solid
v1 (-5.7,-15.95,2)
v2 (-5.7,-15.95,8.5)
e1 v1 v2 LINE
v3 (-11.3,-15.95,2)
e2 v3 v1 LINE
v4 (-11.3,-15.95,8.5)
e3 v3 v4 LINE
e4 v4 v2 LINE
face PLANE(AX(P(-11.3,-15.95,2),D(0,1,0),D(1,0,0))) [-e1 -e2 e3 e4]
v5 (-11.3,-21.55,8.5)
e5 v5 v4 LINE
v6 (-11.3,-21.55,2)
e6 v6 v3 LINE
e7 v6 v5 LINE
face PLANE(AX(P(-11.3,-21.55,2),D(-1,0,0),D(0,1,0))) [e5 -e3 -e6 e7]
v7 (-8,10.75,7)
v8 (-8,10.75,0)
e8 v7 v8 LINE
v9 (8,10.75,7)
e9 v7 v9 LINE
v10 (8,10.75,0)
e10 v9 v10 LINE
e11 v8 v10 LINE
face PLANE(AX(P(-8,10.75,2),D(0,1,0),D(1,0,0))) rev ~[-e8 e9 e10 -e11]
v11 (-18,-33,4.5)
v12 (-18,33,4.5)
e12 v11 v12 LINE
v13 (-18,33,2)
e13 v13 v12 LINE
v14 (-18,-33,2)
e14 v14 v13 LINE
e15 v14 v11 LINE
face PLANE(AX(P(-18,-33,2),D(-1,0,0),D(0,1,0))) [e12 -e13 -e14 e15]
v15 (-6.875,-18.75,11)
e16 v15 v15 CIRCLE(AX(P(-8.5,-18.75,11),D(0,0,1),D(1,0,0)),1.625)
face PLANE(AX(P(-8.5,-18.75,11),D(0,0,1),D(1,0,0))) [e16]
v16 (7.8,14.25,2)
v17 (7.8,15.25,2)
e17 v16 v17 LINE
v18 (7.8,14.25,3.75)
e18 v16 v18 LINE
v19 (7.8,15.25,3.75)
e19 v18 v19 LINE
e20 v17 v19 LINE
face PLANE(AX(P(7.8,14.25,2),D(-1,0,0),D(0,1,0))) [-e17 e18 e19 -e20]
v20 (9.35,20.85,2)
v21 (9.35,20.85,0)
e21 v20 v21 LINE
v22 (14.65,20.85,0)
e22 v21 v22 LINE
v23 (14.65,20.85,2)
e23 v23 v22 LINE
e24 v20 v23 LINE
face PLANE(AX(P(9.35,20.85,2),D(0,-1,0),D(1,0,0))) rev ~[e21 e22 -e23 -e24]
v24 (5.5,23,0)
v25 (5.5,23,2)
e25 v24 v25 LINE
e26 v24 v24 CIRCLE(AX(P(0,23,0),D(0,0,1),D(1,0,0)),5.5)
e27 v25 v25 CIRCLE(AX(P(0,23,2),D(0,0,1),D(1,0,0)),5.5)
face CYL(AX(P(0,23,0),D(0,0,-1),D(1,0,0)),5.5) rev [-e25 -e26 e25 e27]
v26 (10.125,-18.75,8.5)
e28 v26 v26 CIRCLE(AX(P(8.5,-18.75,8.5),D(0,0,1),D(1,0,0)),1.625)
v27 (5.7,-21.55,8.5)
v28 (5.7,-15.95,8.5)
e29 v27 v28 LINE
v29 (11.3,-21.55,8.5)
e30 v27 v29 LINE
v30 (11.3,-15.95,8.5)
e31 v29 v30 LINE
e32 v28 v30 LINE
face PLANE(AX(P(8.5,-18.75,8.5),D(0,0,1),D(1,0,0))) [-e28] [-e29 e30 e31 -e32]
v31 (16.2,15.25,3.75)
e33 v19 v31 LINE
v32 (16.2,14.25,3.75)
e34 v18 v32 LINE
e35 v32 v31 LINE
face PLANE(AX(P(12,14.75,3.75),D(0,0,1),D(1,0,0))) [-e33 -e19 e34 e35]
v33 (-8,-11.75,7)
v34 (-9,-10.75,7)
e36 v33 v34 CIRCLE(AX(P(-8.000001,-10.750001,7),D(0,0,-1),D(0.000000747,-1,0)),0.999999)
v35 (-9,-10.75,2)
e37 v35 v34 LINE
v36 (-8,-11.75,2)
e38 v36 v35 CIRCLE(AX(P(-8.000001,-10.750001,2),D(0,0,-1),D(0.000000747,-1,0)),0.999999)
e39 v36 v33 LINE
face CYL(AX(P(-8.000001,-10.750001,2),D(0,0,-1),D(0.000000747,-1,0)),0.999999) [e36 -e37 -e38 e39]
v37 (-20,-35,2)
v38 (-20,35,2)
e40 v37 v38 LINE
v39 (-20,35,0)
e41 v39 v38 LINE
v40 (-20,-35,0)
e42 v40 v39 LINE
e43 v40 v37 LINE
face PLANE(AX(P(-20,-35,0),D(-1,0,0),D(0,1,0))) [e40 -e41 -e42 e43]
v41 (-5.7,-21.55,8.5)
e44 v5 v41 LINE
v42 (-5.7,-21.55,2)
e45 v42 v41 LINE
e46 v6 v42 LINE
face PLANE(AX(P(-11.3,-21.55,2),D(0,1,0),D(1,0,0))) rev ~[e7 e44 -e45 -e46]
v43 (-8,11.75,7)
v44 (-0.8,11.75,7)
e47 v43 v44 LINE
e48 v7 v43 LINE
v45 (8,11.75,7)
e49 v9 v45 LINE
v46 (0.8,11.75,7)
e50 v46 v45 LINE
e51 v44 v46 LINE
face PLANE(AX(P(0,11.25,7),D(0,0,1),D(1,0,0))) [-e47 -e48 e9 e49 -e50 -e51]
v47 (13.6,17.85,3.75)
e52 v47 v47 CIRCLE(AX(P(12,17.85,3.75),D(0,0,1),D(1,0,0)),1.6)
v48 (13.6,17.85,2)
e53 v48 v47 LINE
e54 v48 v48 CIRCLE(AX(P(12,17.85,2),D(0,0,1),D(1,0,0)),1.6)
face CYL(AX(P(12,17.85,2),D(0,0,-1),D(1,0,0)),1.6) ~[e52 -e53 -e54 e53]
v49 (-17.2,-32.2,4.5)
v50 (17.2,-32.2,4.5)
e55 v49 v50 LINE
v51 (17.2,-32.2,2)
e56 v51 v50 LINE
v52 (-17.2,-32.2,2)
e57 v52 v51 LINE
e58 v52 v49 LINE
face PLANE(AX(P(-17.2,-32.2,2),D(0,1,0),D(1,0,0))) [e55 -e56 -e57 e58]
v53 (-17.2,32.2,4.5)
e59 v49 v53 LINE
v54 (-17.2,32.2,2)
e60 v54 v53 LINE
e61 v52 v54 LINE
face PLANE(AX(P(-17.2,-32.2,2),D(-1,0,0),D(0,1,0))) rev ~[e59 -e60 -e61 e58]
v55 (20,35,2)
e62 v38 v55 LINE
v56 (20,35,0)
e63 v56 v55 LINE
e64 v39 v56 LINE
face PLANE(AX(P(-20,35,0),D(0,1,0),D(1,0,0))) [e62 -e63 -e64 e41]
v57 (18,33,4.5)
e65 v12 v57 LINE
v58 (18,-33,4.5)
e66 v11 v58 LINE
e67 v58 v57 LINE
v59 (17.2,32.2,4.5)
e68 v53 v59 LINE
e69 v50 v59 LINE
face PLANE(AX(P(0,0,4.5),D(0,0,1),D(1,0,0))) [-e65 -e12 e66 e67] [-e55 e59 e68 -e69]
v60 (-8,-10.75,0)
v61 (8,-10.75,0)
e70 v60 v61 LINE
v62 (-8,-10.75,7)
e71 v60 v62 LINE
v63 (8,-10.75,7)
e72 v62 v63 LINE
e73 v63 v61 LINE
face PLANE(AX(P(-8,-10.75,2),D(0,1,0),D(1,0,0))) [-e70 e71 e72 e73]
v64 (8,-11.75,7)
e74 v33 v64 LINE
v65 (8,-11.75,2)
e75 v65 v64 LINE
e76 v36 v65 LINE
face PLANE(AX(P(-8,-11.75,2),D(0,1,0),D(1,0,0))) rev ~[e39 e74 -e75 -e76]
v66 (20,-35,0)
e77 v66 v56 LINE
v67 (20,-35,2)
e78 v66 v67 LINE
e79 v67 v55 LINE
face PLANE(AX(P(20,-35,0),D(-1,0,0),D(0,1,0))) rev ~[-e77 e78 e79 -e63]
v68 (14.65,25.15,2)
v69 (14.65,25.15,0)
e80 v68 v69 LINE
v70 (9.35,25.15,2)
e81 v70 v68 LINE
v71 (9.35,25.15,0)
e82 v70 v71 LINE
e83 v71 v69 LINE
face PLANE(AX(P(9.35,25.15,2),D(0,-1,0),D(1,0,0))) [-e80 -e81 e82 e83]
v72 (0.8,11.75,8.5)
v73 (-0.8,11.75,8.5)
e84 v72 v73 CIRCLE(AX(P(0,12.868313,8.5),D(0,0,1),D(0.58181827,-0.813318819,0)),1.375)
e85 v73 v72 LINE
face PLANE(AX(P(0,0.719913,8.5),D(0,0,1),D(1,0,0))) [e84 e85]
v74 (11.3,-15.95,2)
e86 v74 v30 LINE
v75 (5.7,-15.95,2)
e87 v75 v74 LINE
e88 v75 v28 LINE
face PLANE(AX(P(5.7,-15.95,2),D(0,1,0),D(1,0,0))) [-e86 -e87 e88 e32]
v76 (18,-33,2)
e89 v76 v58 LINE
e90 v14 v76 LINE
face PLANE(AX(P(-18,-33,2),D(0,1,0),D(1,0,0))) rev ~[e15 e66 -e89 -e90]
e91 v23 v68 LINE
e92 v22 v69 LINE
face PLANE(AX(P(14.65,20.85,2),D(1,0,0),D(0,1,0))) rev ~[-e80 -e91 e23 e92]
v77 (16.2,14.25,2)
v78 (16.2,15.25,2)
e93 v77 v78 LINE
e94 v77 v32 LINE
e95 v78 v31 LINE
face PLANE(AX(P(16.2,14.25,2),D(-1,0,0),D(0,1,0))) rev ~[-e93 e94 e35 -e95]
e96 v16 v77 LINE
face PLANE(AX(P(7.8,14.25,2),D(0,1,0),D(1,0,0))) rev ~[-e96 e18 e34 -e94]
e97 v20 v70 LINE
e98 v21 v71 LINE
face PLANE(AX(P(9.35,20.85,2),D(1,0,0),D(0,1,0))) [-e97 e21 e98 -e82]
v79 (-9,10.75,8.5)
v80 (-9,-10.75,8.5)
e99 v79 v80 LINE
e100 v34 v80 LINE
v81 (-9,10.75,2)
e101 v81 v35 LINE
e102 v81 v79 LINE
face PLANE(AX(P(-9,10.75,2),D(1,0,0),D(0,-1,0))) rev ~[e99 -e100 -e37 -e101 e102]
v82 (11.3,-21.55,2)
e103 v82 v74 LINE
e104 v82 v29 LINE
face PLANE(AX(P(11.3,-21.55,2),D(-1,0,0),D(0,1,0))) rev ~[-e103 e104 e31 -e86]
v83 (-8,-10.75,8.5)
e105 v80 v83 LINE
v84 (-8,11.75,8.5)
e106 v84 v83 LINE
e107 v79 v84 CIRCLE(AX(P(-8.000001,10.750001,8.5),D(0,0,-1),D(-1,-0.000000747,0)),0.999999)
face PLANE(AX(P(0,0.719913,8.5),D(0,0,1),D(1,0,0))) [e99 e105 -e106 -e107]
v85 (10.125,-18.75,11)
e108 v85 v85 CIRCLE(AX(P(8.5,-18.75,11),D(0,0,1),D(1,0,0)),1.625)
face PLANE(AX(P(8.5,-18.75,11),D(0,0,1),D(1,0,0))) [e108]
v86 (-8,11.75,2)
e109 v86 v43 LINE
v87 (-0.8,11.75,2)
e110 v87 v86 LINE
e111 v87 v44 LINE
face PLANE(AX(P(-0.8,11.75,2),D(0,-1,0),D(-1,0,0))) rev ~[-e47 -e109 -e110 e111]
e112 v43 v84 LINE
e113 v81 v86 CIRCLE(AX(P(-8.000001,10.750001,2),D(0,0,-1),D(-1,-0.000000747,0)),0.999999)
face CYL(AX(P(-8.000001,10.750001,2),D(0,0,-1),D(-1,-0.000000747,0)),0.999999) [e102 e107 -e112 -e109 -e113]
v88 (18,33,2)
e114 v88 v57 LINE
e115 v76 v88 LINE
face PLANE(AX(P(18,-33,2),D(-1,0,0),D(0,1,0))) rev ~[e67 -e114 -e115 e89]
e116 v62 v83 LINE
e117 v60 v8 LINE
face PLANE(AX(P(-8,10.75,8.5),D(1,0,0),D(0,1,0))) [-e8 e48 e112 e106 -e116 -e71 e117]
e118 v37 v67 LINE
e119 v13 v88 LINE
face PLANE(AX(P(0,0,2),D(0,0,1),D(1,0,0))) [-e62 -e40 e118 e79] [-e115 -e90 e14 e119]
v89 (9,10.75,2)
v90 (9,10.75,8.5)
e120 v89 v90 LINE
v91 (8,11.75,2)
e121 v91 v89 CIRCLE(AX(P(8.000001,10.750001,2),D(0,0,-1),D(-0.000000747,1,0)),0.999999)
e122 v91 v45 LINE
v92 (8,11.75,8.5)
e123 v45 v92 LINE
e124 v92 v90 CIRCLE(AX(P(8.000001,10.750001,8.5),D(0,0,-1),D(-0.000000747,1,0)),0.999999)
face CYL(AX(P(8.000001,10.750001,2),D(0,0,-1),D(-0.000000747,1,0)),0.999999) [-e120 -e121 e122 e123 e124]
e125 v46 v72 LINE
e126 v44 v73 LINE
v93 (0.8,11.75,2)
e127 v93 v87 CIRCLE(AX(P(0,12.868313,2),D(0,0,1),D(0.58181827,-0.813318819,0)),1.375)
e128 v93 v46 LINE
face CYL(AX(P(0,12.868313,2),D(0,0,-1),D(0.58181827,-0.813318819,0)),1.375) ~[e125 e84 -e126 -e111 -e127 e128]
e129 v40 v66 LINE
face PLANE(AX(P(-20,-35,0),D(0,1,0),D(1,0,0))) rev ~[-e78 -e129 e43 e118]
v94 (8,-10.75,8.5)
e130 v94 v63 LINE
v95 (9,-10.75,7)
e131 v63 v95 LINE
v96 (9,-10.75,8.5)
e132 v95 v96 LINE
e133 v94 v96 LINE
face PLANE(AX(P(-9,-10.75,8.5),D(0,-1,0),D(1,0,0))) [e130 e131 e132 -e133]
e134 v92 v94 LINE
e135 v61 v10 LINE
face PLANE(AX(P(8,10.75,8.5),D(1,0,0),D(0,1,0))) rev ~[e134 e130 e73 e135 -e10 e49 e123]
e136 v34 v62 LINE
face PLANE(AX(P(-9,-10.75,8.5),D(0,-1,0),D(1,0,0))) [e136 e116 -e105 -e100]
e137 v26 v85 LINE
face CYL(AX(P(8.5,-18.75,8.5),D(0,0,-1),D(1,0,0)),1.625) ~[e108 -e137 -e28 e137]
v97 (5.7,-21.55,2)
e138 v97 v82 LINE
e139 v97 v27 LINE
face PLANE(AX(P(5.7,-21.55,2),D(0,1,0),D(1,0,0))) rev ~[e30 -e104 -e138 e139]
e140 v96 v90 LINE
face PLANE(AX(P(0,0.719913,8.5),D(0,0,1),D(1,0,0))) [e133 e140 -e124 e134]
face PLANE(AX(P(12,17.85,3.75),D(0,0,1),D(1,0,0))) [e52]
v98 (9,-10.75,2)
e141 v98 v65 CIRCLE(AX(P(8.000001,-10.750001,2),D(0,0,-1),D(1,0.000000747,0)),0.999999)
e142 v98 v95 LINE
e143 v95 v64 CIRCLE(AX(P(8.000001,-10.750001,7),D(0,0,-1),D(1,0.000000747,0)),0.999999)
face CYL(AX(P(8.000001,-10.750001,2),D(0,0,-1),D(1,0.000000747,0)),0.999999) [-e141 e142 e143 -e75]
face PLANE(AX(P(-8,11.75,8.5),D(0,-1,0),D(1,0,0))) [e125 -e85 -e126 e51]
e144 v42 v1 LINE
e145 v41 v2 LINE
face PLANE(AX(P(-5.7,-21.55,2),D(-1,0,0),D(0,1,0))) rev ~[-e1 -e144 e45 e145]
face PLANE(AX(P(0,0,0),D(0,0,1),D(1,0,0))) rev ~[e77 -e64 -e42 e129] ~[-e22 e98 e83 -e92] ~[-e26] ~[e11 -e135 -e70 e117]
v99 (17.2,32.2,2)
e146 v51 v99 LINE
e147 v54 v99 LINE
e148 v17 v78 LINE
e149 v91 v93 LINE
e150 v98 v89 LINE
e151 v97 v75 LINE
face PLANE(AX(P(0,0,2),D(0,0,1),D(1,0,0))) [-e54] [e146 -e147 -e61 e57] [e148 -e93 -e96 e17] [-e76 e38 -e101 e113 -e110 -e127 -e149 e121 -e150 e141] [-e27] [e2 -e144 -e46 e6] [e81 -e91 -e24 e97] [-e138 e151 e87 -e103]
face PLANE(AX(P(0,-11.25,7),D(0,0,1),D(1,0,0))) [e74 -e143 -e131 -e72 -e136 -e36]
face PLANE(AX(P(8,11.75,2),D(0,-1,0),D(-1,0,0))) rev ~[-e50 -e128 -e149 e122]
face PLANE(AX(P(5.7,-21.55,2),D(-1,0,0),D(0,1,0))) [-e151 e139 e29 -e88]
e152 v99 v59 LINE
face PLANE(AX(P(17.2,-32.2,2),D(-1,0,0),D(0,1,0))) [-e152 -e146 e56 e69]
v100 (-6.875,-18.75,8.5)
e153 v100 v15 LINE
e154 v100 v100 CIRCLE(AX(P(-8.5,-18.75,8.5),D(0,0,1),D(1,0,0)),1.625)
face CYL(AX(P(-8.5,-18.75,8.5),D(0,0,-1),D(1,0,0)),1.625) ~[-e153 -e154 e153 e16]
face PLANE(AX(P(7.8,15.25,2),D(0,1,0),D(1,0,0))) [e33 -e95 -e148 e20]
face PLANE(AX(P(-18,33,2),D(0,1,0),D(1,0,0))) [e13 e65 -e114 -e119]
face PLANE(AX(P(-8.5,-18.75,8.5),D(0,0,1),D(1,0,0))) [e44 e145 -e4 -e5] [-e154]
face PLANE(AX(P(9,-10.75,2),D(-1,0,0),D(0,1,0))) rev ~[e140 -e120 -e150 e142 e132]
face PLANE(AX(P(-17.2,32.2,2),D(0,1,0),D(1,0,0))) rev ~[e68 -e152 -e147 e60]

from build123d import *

# Parameters (mm, degrees)
SKETCH_W        = 40
SKETCH_H        = 70
SKETCH_R        = 5.5
SKETCH_W_2      = 16
SKETCH_H_2      = 21.5
PAD_DEPTH       = 2
SKETCH001_W     = 5.6
SKETCH001_H     = 5.6
SKETCH001_W_2   = 16
SKETCH001_H_2   = 21.5
PAD001_DEPTH    = 6.5
SKETCH002_R     = 1.625
PAD002_DEPTH    = 2.5
SKETCH003_W     = 16
SKETCH003_H     = 1
SKETCH003_W_2   = 18
POCKET_DEPTH    = 1.5
SKETCH004_W     = 5.3
SKETCH004_H     = 4.3
POCKET001_DEPTH = 2.001
SKETCH005_R     = 1.6
SKETCH005_W     = 8.4
SKETCH005_H     = 1
PAD003_DEPTH    = 1.75
SKETCH006_W     = 36
SKETCH006_H     = 66
SKETCH006_W_2   = 34.4
SKETCH006_H_2   = 64.4
PAD004_DEPTH    = 2.5


with BuildPart() as part:
    # Sketch → Pad (new body)
    with BuildSketch(Plane.XY):
        Rectangle(SKETCH_W, SKETCH_H)
        with Locations((0, 23)):
            Circle(SKETCH_R, mode=Mode.SUBTRACT)
        Rectangle(SKETCH_W_2, SKETCH_H_2, mode=Mode.SUBTRACT)
    extrude(amount=PAD_DEPTH)

    # Sketch001 (on Face11 of Pad) → Pad001 (join)
    with BuildSketch(Plane.XY.offset(2)):
        with Locations((-8.5, -18.75)):
            Rectangle(SKETCH001_W, SKETCH001_H)
        with Locations((8.5, -18.75)):
            Rectangle(SKETCH001_W, SKETCH001_H)
        with BuildLine():
            Line((-8, -11.75), (8, -11.75))
            ThreePointArc((9, -10.75), (8.707107, -11.457107), (8, -11.75))
            Line((9, -10.75), (9, 10.75))
            ThreePointArc((8, 11.75), (8.707107, 11.457107), (9, 10.75))
            Line((8, 11.75), (0.8, 11.75))
            ThreePointArc((0.8, 11.75), (0, 14.243313), (-0.8, 11.75))
            Line((-0.8, 11.75), (-8, 11.75))
            ThreePointArc((-9, 10.75), (-8.707107, 11.457107), (-8, 11.75))
            Line((-9, 10.75), (-9, -10.75))
            ThreePointArc((-8, -11.75), (-8.707107, -11.457107), (-9, -10.75))
        make_face()
        Rectangle(SKETCH001_W_2, SKETCH001_H_2, mode=Mode.SUBTRACT)
    extrude(amount=PAD001_DEPTH)

    # Sketch002 (on Face34 of Pad001) → Pad002 (join)
    with BuildSketch(Plane.XY.offset(8.5)):
        with Locations((-8.5, -18.75)):
            Circle(SKETCH002_R)
        with Locations((8.5, -18.75)):
            Circle(SKETCH002_R)
    extrude(amount=PAD002_DEPTH)

    # Sketch003 (on Face35 of Pad002) → Pocket (cut)
    with BuildSketch(Plane.XY.offset(8.5)):
        with Locations((0, 11.25)):
            Rectangle(SKETCH003_W, SKETCH003_H)
        with Locations((0, -11.25)):
            Rectangle(SKETCH003_W_2, SKETCH003_H)
    extrude(amount=-POCKET_DEPTH, mode=Mode.SUBTRACT)

    # Sketch004 (on Face5 of Pocket) → Pocket001 (cut, through all)
    with BuildSketch(Plane.XY.offset(2)):
        with Locations((12, 23)):
            Rectangle(SKETCH004_W, SKETCH004_H)
    extrude(amount=-POCKET001_DEPTH, mode=Mode.SUBTRACT)

    # Sketch005 (on Face5 of Pocket001) → Pad003 (join)
    with BuildSketch(Plane.XY.offset(2)):
        with Locations((12, 17.85)):
            Circle(SKETCH005_R)
        with Locations((12, 14.75)):
            Rectangle(SKETCH005_W, SKETCH005_H)
    extrude(amount=PAD003_DEPTH)

    # Sketch006 (on Face5 of Pad003) → Pad004 (join)
    with BuildSketch(Plane.XY.offset(2)):
        Rectangle(SKETCH006_W, SKETCH006_H)
        Rectangle(SKETCH006_W_2, SKETCH006_H_2, mode=Mode.SUBTRACT)
    extrude(amount=PAD004_DEPTH)


solid = part.part
